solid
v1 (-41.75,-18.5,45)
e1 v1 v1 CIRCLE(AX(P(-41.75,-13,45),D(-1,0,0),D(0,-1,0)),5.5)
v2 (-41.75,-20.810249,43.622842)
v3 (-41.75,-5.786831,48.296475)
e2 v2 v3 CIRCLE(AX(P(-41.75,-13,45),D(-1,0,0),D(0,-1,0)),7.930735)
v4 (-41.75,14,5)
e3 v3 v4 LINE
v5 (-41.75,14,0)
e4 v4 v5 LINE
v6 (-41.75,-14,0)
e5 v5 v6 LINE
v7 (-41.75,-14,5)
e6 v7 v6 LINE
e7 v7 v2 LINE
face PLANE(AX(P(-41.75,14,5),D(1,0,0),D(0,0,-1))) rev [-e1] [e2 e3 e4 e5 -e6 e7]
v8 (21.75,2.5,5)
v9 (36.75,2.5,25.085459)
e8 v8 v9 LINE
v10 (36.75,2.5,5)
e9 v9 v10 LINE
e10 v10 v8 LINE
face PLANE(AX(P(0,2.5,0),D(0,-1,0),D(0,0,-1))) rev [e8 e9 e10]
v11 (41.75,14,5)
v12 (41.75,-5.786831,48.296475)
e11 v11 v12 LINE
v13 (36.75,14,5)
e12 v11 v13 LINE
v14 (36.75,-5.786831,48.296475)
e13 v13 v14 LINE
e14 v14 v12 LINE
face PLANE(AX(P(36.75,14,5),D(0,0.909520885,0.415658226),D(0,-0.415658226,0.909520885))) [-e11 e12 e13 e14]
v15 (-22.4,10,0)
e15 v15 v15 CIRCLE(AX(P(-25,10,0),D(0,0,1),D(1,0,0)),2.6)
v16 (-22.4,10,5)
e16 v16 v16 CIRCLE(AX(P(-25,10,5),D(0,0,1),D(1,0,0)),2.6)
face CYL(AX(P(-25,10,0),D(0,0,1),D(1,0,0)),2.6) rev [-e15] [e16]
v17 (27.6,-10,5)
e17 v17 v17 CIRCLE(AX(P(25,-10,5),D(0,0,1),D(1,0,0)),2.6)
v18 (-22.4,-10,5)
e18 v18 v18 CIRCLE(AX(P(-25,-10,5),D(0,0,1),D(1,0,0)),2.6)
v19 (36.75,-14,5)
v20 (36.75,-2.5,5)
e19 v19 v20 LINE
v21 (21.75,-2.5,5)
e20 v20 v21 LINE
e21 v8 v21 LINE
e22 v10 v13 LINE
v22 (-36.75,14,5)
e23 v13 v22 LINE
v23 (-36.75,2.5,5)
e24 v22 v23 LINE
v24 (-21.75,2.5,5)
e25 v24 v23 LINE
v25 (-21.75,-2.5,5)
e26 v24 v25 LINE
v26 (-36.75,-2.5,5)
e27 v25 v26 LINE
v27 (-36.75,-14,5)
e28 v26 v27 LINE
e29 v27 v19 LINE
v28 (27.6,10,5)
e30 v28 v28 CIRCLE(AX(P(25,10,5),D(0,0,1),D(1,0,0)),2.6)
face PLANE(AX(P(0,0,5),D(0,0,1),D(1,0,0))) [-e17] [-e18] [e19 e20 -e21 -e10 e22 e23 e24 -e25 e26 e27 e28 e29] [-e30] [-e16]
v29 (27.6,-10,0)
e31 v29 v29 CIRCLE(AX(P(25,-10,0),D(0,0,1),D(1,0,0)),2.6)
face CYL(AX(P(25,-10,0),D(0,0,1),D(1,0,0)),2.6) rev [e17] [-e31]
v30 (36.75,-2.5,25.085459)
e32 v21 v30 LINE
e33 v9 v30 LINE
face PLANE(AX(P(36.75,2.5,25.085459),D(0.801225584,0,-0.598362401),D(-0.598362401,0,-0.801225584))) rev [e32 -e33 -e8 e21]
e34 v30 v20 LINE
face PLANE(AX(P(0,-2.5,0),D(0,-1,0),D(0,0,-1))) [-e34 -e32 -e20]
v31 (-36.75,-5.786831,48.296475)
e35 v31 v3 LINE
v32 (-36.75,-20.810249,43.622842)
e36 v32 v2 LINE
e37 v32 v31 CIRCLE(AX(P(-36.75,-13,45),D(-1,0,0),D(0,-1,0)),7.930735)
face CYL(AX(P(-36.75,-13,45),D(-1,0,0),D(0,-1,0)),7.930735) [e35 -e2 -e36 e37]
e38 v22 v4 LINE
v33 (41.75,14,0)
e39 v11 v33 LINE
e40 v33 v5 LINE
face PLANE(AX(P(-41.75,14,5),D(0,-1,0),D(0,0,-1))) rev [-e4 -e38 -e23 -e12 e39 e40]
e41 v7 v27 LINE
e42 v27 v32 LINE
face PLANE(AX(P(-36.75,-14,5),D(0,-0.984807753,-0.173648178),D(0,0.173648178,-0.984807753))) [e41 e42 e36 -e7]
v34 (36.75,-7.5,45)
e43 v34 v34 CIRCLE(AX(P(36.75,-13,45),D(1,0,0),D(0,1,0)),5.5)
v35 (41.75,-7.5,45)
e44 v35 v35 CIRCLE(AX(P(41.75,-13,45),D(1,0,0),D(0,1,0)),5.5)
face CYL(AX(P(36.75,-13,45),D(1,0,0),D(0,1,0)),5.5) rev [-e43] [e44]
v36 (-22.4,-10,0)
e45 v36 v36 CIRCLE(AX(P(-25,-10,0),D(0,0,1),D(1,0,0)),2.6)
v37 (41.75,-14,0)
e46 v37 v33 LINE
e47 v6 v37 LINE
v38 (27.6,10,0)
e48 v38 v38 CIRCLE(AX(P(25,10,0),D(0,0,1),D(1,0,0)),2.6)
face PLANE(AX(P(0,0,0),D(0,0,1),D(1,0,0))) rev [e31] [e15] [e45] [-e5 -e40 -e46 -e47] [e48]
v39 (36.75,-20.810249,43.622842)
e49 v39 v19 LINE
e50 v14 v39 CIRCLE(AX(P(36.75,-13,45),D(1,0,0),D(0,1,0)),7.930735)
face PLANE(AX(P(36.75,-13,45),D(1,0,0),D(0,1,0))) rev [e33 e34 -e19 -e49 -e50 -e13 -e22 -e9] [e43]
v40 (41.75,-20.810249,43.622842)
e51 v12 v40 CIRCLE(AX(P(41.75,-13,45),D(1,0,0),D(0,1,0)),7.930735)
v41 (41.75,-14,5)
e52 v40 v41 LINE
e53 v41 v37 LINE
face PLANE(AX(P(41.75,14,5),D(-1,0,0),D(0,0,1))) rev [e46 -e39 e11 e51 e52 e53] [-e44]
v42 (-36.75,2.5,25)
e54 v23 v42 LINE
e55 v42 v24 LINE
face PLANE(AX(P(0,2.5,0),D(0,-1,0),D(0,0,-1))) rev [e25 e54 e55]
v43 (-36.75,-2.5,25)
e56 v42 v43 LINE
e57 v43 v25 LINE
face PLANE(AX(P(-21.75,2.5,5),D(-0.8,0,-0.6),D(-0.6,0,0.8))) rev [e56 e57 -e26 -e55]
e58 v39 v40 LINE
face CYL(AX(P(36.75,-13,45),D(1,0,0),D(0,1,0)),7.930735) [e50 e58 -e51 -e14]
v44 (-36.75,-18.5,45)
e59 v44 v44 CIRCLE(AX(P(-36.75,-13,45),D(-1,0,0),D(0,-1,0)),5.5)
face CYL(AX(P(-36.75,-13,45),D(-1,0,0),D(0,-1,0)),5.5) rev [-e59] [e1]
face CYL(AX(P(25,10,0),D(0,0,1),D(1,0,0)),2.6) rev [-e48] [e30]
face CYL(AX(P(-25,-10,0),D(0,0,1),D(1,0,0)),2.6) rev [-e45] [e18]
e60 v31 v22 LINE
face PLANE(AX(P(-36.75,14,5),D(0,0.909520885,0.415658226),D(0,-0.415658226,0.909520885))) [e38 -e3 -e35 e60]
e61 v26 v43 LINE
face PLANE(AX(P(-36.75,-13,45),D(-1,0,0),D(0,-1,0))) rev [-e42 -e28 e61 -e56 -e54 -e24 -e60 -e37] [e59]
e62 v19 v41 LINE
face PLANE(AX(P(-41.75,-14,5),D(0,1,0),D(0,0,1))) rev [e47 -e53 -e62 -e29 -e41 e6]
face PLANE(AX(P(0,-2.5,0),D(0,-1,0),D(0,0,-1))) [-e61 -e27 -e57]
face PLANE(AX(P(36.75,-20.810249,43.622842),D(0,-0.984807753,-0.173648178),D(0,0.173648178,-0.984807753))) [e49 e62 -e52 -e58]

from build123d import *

# Parameters (mm, degrees)
SKETCH_1_W          = 83.5
SKETCH_1_H          = 28
EXTRUDE_1_DEPTH     = 5
SKETCH_2_R          = 5.5
EXTRUDE_2_DEPTH     = 5
EXTRUDE_START       = -5
SKETCH_3_R          = 5.5
EXTRUDE_3_DEPTH     = 5
SKETCH_4_R          = 2.6
CUT_EXTRUDE_2_DEPTH = 5
EXTRUDE_4_DEPTH     = 2.5


with BuildPart() as part:
    # 草图1 → 凸台-拉伸1 (new body)
    with BuildSketch(Plane.XY):
        Rectangle(SKETCH_1_W, SKETCH_1_H)
    extrude(amount=EXTRUDE_1_DEPTH)

    # 草图2 → 凸台-拉伸2 (add)
    with BuildSketch(Plane.ZY.offset(41.75)):
        with BuildLine():
            Line((5, 14), (5, -14))
            Line((5, -14), (43.622842344, -20.810249177))
            ThreePointArc((43.622842344, -20.810249177), (52.5727616, -15.355809237), (48.296475179, -5.786831015))
            Line((48.296475179, -5.786831015), (5, 14))
        make_face()
        with Locations(Location((45, -13, 0), (0, 0, 270))):
            Circle(SKETCH_2_R, mode=Mode.SUBTRACT)
    extrude(amount=-EXTRUDE_2_DEPTH)

    # 草图3 → 凸台-拉伸3 (add)
    with BuildSketch(Plane(origin=(41.75, 0, 0), x_dir=(0, 0, -1), z_dir=(1, 0, 0)).offset(EXTRUDE_START)):
        with BuildLine():
            Line((-5, 14), (-48.296475179, -5.786831015))
            ThreePointArc((-48.296475179, -5.786831015), (-52.5727616, -15.355809237), (-43.622842344, -20.810249177))
            Line((-43.622842344, -20.810249177), (-5, -14))
            Line((-5, -14), (-5, 14))
        make_face()
        with Locations(Location((-45, -13, 0), (0, 0, 270))):
            Circle(SKETCH_3_R, mode=Mode.SUBTRACT)
    extrude(amount=EXTRUDE_3_DEPTH)

    # 草图4 → 切除-拉伸2 (cut)
    with BuildSketch(Plane.XY.offset(5)):
        with Locations((-25, 10)):
            Circle(SKETCH_4_R)
        with Locations((25, 10)):
            Circle(SKETCH_4_R)
        with Locations((25, -10)):
            Circle(SKETCH_4_R)
        with Locations((-25, -10)):
            Circle(SKETCH_4_R)
    extrude(amount=-CUT_EXTRUDE_2_DEPTH, mode=Mode.SUBTRACT)

    # 草图5 → 凸台-拉伸4 (add, symmetric)
    with BuildSketch(Plane(origin=(0, 0, 0), x_dir=(1, 0, 0), z_dir=(0, 1, 0))):
        Polygon((-36.75, -5), (-21.75, -5), (-36.75, -25), align=None)
        Polygon((36.75, -5), (36.75, -25.085459481), (21.75, -5), align=None)
    extrude(amount=EXTRUDE_4_DEPTH, both=True)


solid = part.part
